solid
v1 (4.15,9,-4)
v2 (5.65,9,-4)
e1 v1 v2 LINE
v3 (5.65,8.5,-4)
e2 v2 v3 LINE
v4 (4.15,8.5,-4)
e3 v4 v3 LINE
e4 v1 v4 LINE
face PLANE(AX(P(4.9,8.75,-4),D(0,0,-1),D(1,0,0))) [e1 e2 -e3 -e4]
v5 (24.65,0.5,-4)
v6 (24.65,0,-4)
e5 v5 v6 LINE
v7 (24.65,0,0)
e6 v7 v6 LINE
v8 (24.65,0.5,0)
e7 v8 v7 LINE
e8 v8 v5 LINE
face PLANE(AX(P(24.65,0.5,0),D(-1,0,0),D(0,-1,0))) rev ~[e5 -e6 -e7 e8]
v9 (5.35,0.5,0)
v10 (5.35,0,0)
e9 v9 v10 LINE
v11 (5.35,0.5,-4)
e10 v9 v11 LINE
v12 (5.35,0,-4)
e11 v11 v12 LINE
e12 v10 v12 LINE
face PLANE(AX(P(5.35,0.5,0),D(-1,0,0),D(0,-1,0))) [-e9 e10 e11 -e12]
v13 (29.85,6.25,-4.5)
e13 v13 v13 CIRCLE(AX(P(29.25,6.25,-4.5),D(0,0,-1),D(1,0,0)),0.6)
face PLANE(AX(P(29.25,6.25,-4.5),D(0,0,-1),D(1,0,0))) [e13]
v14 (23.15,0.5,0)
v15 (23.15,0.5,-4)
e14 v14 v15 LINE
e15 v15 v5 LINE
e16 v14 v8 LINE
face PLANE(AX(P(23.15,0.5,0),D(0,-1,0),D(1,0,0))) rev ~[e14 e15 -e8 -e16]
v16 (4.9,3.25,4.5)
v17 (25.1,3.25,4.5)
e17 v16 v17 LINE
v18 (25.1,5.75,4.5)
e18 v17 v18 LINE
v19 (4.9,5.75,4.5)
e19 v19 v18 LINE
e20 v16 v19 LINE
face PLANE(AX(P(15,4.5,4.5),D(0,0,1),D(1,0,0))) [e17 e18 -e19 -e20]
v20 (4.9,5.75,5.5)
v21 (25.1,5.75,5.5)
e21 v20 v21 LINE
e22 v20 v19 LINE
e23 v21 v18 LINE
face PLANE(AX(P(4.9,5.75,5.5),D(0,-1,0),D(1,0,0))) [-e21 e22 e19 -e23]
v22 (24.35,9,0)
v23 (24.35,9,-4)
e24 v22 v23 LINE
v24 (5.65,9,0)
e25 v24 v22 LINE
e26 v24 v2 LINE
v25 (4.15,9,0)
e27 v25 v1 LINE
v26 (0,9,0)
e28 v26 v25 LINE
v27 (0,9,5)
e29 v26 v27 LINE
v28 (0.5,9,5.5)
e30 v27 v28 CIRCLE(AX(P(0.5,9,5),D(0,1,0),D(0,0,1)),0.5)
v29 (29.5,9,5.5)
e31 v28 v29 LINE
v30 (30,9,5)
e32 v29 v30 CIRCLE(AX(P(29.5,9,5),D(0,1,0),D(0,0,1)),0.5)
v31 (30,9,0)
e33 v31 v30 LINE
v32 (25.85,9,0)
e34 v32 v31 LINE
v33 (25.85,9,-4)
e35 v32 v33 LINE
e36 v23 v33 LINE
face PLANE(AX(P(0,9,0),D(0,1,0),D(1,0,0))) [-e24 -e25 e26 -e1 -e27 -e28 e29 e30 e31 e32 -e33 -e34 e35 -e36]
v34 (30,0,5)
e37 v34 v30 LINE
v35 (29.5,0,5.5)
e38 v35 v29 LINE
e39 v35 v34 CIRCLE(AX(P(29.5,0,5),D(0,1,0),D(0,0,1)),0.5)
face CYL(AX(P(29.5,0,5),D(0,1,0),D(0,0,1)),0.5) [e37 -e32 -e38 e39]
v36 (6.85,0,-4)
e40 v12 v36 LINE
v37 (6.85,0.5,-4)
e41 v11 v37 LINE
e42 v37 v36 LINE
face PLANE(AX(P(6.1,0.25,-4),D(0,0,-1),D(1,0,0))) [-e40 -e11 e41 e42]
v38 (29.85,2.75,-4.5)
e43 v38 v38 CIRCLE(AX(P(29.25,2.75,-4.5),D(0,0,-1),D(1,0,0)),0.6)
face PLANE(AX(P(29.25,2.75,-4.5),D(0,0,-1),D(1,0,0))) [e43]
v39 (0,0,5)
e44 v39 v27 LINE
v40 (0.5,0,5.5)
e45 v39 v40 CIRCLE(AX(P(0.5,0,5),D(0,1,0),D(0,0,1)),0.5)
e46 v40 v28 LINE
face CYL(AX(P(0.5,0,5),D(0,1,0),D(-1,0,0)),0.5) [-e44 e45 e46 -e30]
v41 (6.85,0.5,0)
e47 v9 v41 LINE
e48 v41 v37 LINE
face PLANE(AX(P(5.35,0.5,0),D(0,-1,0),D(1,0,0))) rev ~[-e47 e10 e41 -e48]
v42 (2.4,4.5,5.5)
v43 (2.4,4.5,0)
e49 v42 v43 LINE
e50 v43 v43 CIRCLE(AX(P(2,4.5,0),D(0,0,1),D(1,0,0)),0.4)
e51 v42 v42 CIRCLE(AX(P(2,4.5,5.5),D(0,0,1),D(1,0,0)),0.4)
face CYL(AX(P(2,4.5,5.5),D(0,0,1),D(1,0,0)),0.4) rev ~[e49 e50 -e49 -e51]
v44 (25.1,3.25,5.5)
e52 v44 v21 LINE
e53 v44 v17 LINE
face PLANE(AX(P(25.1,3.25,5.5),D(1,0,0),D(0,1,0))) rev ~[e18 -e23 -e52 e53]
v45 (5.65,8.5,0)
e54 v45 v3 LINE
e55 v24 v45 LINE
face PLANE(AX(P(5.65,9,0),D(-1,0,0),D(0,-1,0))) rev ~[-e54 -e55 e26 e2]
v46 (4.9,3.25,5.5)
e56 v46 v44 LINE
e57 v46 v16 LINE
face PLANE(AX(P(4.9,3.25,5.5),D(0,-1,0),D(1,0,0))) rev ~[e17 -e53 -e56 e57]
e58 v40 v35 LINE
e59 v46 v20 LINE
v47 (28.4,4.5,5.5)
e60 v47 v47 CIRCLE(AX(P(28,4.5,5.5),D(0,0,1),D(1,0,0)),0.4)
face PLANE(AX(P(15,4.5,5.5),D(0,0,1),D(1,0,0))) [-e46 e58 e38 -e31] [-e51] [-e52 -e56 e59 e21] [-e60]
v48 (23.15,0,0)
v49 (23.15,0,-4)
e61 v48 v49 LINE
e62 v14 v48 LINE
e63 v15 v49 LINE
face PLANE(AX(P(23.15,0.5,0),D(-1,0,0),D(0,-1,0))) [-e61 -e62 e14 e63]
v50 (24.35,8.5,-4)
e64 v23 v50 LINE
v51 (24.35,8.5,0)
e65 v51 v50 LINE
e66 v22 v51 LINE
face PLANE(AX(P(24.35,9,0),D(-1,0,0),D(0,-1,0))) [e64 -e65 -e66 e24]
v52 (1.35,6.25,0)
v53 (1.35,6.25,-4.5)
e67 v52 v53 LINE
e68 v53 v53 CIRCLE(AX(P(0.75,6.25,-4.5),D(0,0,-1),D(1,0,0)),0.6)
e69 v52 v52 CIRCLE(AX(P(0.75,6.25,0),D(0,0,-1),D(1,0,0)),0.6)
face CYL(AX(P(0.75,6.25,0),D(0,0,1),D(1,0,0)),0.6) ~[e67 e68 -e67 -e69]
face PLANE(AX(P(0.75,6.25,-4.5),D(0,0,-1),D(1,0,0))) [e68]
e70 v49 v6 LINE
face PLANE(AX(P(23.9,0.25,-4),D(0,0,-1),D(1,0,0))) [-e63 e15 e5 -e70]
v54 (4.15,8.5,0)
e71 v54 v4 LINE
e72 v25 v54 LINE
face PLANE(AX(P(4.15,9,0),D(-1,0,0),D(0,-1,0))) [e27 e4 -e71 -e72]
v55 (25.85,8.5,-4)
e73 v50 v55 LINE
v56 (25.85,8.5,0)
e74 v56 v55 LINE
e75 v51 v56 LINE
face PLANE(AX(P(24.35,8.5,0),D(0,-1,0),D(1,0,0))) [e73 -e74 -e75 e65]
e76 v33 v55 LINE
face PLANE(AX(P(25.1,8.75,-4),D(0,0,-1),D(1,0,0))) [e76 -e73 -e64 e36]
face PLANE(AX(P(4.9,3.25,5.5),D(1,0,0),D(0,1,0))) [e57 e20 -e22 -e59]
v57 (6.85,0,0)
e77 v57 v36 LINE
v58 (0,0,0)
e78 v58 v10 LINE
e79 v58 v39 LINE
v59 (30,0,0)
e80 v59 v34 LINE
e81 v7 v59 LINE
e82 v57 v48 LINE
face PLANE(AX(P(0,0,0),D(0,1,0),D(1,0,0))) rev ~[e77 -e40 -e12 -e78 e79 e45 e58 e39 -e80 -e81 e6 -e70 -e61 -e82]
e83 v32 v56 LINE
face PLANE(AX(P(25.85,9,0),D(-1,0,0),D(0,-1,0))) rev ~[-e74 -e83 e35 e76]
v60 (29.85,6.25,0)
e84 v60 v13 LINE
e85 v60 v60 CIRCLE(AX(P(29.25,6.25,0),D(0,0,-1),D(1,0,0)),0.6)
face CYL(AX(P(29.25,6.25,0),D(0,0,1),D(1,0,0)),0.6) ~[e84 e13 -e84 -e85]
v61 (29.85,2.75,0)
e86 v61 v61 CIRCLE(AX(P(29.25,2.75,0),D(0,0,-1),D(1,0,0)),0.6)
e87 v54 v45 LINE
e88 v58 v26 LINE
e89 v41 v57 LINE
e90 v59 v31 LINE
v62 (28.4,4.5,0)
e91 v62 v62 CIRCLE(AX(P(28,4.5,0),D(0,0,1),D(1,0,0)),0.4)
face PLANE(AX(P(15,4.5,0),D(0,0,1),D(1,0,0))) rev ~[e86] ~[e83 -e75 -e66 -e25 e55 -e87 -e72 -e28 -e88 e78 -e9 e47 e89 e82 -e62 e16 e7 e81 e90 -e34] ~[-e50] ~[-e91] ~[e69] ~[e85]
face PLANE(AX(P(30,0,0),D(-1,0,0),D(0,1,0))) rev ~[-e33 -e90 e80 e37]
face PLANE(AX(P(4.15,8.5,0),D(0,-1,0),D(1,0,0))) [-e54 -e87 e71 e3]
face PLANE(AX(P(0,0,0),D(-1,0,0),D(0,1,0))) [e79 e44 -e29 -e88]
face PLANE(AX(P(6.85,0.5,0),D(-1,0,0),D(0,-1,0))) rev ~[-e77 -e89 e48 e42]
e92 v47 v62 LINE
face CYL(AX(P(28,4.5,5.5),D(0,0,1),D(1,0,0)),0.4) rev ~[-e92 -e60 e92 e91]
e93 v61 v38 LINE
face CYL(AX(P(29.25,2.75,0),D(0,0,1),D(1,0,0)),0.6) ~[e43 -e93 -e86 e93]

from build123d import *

# Parameters (mm, degrees)
SKETCH_W        = 30
SKETCH_H        = 9
PAD_DEPTH       = 5.5
SKETCH001_R     = 0.4
POCKET_DEPTH    = 10
SKETCH002_W     = 20.2
SKETCH002_H     = 2.5
POCKET001_DEPTH = 1
FILLET_R        = 0.5
FILLET001_R     = 0.5
SKETCH003_W     = 1.5
SKETCH003_H     = 0.5
PAD001_DEPTH    = 4
SKETCH004_R     = 0.6
PAD002_DEPTH    = 4.5


with BuildPart() as part:
    # Sketch → Pad (new body)
    with BuildSketch(Plane.XY):
        with Locations((15, 4.5)):
            Rectangle(SKETCH_W, SKETCH_H)
    extrude(amount=PAD_DEPTH)

    # Sketch001 → Pocket (cut)
    with BuildSketch(Plane.XY.offset(5.5)):
        with Locations((2, 4.5)):
            Circle(SKETCH001_R)
        with Locations((28, 4.5)):
            Circle(SKETCH001_R)
    extrude(amount=-POCKET_DEPTH, mode=Mode.SUBTRACT)

    # Sketch002 → Pocket001 (cut)
    with BuildSketch(Plane.XY.offset(5.5)):
        with Locations((15, 4.5)):
            Rectangle(SKETCH002_W, SKETCH002_H)
    extrude(amount=-POCKET001_DEPTH, mode=Mode.SUBTRACT)

    # Fillet
    fillet_edges = [part.edges().sort_by_distance(p)[0] for p in [
        (0, 4.5, 5.5),
    ]]
    fillet(fillet_edges, radius=FILLET_R)

    # Fillet001
    fillet001_edges = [part.edges().sort_by_distance(p)[0] for p in [
        (30, 4.5, 5.5),
    ]]
    fillet(fillet001_edges, radius=FILLET001_R)

    # Sketch003 → Pad001 (new body)
    with BuildSketch(Plane(origin=(0, 0, 0), x_dir=(1, 0, 0), z_dir=(0, 0, -1))):
        with Locations((6.1, -0.25)):
            Rectangle(SKETCH003_W, SKETCH003_H)
        with Locations((23.9, -0.25)):
            Rectangle(SKETCH003_W, SKETCH003_H)
        with Locations((4.9, -8.75)):
            Rectangle(SKETCH003_W, SKETCH003_H)
        with Locations((25.1, -8.75)):
            Rectangle(SKETCH003_W, SKETCH003_H)
    extrude(amount=PAD001_DEPTH)

    # Sketch004 → Pad002 (new body)
    with BuildSketch(Plane(origin=(0, 0, 0), x_dir=(1, 0, 0), z_dir=(0, 0, -1))):
        with Locations((29.25, -6.25)):
            Circle(SKETCH004_R)
        with Locations((0.75, -6.25)):
            Circle(SKETCH004_R)
        with Locations((29.25, -2.75)):
            Circle(SKETCH004_R)
    extrude(amount=PAD002_DEPTH)


solid = part.part
